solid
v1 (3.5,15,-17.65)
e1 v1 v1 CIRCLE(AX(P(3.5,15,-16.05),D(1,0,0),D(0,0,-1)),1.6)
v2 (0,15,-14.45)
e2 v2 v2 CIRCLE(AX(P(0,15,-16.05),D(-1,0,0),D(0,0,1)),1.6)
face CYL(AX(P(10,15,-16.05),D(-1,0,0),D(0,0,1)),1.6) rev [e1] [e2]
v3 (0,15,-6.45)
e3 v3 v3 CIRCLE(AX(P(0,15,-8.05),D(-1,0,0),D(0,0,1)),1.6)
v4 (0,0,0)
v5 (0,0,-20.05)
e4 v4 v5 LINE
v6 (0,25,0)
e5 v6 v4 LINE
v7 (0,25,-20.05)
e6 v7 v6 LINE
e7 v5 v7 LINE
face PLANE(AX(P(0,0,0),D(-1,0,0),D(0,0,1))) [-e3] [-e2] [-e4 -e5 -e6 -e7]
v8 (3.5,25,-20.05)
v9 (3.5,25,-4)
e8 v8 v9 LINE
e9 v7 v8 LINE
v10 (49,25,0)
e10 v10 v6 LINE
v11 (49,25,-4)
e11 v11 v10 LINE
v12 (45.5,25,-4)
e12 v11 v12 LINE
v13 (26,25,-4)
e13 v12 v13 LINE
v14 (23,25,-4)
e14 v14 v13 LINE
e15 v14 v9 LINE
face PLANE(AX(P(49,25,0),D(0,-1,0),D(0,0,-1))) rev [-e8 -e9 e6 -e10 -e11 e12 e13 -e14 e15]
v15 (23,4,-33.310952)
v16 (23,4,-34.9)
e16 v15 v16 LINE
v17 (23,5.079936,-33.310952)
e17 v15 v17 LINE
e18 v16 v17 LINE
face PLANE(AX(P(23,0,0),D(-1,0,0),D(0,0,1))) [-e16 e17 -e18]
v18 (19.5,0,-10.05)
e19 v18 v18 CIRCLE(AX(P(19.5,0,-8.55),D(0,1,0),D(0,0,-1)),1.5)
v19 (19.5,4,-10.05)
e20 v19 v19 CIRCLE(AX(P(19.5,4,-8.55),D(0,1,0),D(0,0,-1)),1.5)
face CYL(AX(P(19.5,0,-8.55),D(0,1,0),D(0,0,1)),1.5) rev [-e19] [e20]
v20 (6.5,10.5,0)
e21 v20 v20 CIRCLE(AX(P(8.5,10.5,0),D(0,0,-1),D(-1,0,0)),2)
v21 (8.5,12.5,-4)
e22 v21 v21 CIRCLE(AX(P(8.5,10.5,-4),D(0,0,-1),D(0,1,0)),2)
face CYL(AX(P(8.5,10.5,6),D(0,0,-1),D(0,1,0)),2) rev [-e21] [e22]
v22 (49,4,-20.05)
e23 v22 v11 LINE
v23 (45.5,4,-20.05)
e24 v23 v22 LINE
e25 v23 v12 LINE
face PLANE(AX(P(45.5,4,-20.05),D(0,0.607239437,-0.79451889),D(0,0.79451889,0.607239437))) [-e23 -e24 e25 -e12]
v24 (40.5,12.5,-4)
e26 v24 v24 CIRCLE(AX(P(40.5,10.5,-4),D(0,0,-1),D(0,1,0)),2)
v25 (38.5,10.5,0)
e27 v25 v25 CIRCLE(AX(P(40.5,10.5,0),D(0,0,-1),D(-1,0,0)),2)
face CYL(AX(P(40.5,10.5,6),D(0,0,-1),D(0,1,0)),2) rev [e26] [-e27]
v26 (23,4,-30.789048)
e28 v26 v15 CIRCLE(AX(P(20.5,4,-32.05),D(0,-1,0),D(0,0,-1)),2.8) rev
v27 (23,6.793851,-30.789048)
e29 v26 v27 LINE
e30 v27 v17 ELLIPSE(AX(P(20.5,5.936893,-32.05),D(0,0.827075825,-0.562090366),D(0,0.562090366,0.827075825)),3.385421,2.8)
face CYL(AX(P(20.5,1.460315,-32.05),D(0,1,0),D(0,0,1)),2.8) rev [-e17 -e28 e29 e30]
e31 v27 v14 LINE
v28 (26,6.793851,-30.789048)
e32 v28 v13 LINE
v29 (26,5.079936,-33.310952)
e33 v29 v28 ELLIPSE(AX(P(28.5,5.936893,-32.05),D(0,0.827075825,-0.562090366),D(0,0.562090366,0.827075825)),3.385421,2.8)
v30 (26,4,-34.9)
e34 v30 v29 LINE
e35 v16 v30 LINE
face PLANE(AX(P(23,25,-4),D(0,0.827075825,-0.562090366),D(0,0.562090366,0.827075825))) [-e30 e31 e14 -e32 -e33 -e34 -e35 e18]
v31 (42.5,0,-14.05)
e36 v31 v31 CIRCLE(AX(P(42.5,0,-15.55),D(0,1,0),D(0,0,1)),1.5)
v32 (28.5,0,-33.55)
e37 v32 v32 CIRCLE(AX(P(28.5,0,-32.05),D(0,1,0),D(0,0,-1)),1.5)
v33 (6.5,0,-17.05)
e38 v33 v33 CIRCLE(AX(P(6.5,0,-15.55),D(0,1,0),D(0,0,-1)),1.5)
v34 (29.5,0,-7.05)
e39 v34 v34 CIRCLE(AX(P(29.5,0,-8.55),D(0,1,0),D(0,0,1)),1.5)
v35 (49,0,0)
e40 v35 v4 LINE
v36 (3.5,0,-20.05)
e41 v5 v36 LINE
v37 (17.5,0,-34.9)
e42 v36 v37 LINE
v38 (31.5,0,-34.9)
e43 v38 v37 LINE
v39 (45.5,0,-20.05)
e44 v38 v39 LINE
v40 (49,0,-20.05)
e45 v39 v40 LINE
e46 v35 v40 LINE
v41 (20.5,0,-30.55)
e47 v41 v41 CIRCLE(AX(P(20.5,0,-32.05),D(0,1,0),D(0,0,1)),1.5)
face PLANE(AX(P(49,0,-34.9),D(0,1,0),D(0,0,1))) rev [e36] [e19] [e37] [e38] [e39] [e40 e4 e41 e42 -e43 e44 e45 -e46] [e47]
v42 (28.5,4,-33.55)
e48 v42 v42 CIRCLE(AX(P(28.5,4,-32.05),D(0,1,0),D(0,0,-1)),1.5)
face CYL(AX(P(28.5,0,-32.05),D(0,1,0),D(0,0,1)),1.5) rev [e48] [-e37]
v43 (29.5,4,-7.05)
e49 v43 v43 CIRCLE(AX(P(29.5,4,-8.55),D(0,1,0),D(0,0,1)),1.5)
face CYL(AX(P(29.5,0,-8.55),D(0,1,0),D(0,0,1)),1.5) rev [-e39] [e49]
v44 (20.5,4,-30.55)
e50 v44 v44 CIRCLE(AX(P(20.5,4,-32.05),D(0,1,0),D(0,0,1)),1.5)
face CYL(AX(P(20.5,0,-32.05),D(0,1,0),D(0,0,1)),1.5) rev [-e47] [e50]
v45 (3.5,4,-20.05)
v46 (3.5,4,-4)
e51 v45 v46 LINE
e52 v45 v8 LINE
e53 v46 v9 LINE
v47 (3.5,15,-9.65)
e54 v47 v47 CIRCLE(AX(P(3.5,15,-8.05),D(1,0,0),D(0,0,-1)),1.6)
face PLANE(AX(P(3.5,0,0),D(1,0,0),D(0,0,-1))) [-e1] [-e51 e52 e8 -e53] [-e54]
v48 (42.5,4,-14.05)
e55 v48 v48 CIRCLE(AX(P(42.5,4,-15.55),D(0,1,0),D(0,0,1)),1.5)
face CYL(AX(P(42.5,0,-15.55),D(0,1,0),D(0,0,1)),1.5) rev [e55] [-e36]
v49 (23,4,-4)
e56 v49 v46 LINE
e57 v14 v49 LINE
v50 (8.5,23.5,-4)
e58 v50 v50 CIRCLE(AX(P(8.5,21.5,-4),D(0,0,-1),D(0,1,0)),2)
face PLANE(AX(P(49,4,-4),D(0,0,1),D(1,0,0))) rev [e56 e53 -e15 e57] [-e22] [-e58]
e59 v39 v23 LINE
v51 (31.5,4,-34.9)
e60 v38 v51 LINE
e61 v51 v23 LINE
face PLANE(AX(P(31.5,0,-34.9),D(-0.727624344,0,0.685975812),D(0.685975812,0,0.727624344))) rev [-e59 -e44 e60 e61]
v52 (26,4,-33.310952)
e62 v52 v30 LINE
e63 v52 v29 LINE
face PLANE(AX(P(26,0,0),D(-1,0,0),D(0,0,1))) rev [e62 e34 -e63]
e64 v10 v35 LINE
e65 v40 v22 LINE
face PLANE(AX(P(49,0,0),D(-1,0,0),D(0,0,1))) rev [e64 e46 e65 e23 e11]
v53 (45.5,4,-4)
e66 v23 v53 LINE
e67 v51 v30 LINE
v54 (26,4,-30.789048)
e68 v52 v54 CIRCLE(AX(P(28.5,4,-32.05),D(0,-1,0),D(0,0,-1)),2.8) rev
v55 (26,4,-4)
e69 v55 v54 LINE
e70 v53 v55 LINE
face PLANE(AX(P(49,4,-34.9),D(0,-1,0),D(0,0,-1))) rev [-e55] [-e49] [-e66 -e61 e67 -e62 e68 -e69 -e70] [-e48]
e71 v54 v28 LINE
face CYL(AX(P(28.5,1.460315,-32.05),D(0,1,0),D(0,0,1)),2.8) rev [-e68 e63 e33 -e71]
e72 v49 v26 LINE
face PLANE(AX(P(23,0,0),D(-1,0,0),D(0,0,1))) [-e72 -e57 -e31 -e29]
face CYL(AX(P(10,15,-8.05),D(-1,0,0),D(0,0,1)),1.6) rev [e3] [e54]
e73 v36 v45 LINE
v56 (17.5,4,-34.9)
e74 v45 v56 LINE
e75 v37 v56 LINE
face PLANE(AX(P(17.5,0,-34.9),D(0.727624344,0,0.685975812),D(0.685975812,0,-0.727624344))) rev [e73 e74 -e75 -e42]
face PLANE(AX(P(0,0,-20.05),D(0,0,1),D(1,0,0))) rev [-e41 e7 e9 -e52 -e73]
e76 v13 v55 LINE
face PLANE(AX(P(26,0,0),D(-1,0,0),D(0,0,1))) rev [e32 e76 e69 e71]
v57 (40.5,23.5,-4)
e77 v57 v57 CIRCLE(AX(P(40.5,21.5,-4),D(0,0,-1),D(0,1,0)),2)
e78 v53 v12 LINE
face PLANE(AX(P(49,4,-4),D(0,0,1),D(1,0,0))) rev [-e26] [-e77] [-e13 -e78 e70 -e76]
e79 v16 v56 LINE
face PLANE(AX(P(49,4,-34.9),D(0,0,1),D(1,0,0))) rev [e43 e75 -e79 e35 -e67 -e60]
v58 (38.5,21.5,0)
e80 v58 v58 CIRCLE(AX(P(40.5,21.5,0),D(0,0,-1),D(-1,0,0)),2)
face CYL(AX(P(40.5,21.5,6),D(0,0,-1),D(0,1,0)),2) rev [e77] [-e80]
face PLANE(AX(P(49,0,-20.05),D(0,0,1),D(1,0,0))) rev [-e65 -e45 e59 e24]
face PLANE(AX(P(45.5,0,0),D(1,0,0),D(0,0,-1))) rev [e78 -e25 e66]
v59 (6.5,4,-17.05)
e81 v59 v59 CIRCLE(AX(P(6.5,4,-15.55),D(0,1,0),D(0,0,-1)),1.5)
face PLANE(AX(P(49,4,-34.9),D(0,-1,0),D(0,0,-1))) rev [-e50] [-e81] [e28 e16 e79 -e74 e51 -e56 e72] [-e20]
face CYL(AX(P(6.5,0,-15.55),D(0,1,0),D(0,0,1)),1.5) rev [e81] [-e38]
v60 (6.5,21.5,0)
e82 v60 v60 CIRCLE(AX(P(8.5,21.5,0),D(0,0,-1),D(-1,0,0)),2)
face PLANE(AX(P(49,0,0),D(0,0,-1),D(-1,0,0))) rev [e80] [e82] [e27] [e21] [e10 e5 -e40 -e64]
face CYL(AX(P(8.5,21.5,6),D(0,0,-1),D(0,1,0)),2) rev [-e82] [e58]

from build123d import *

# Parameters (mm, degrees)
EXTRUDE_1_DEPTH      = 49
SKETCH_3_R           = 1.5
CUT_EXTRUDE_1_DEPTH  = 64.718207759
EXTRUDE_3_DEPTH      = 3.5
EXTRUDE_4_DEPTH      = 3.5
EXTRUDE_5_DEPTH      = 1.5
EXTRUDE_5_DEPTH_BACK = 1.5
SKETCH_8_R           = 2
CUT_EXTRUDE_2_DEPTH  = 10
CUT_EXTRUDE_3_REACH  = 67.146
EXTRUDE_6_DEPTH      = 3.5
SKETCH_11_R          = 1.6
CUT_EXTRUDE_4_DEPTH  = 10


with BuildPart() as part:
    # 草图1 → 凸台-拉伸1 (new body)
    with BuildSketch(Plane(origin=(0, 0, 0), x_dir=(0, 0, -1), z_dir=(1, 0, 0))):
        Polygon((0, 0), (0, 25), (4, 25), (4, 4), (34.9, 4), (34.9, 0), align=None)
    extrude(amount=EXTRUDE_1_DEPTH)

    # 草图3 → 切除-拉伸1 (cut, through all)
    with BuildSketch(Plane(origin=(0, 4, 0), x_dir=(1, 0, 0), z_dir=(0, 1, 0))):
        with Locations(Location((20.5, 32.05, 0), (0, 0, 270))):
            Circle(SKETCH_3_R)
        with Locations(Location((28.5, 32.05, 0), (0, 0, 90))):
            Circle(SKETCH_3_R)
        with Locations(Location((42.5, 15.55, 0), (0, 0, 270))):
            Circle(SKETCH_3_R)
        with Locations(Location((6.5, 15.55, 0), (0, 0, 90))):
            Circle(SKETCH_3_R)
        with Locations(Location((29.5, 8.55, 0), (0, 0, 270))):
            Circle(SKETCH_3_R)
        with Locations(Location((19.5, 8.55, 0), (0, 0, 90))):
            Circle(SKETCH_3_R)
        Polygon((31.5, 34.9), (45.5, 20.05), (49, 20.05), (49, 34.9), align=None)
        Polygon((0, 20.05), (0, 34.9), (17.5, 34.9), (3.5, 20.05), align=None)
    extrude(amount=-CUT_EXTRUDE_1_DEPTH, mode=Mode.SUBTRACT)

    # 草图5 → 凸台-拉伸3 (add)
    with BuildSketch(Plane(origin=(49, 0, 0), x_dir=(0, 0, -1), z_dir=(1, 0, 0))):
        Polygon((20.05, 0), (20.05, 4), (4, 25), (0, 25), (0, 0), align=None)
    extrude(amount=-EXTRUDE_3_DEPTH)

    # 草图6 → 凸台-拉伸4 (add)
    with BuildSketch(Plane.ZY):
        Polygon((-4, 25), (0, 25), (0, 0), (-20.05, 0), (-20.05, 4), align=None)
    extrude(amount=-EXTRUDE_4_DEPTH)

    # 草图7 → 凸台-拉伸5 (add, two sides: drawn at the far end of the back side and taken through both)
    with BuildSketch(Plane(origin=(24.5, 0, 0), x_dir=(0, 0, -1), z_dir=(1, 0, 0)).offset(-EXTRUDE_5_DEPTH_BACK)):
        Polygon((34.9, 4), (34.9, 0), (0, 0), (0, 25), (4, 25), align=None)
    extrude(amount=EXTRUDE_5_DEPTH + EXTRUDE_5_DEPTH_BACK)

    # 草图8 → 切除-拉伸2 (cut)
    with BuildSketch(Plane(origin=(0, 0, -4), x_dir=(-1, 0, 0), z_dir=(0, 0, -1))):
        with Locations(Location((-8.5, 21.5, 0), (0, 0, 90))):
            Circle(SKETCH_8_R)
        with Locations(Location((-8.5, 10.5, 0), (0, 0, 90))):
            Circle(SKETCH_8_R)
        with Locations(Location((-40.5, 10.5, 0), (0, 0, 90))):
            Circle(SKETCH_8_R)
        with Locations(Location((-40.5, 21.5, 0), (0, 0, 90))):
            Circle(SKETCH_8_R)
    extrude(amount=-CUT_EXTRUDE_2_DEPTH, mode=Mode.SUBTRACT)

    # 切除-拉伸3: up to this face of the body (flat: up to its plane)
    cut_extrude_3_end = Plane(part.part.faces().sort_by_distance((34.743076347, 4, -17.196256648))[0])
    # 草图9 → 切除-拉伸3 (cut, up to the picked face)
    with BuildSketch(Plane(origin=(0, 25, 0), x_dir=(1, 0, 0), z_dir=(0, 1, 0)), mode=Mode.PRIVATE) as cut_extrude_3_sk1:
        with BuildLine():
            Line((26, 33.310952021), (26, 30.789047979))
            ThreePointArc((26, 30.789047979), (25.7, 32.05), (26, 33.310952021))
        make_face()
    cut_extrude_3_tool1 = split(extrude(cut_extrude_3_sk1.sketch, amount=-CUT_EXTRUDE_3_REACH, mode=Mode.PRIVATE), bisect_by=cut_extrude_3_end, keep=Keep.BOTH, mode=Mode.PRIVATE)
    # 草图9 → 切除-拉伸3 (cut, up to the picked face)
    with BuildSketch(Plane(origin=(0, 25, 0), x_dir=(1, 0, 0), z_dir=(0, 1, 0)), mode=Mode.PRIVATE) as cut_extrude_3_sk2:
        with BuildLine():
            Line((23, 33.310952021), (23, 30.789047979))
            ThreePointArc((23, 30.789047979), (23.3, 32.05), (23, 33.310952021))
        make_face()
    cut_extrude_3_tool2 = split(extrude(cut_extrude_3_sk2.sketch, amount=-CUT_EXTRUDE_3_REACH, mode=Mode.PRIVATE), bisect_by=cut_extrude_3_end, keep=Keep.BOTH, mode=Mode.PRIVATE)
    add(cut_extrude_3_tool1.solids().sort_by(Axis((25.879431, 25, -32.05), (0, -1, 0)))[0], mode=Mode.SUBTRACT)
    add(cut_extrude_3_tool2.solids().sort_by(Axis((23.120569, 25, -32.05), (0, -1, 0)))[0], mode=Mode.SUBTRACT)

    # 草图10 → 凸台-拉伸6 (add)
    with BuildSketch(Plane(origin=(3.5, 0, 0), x_dir=(0, 0, -1), z_dir=(1, 0, 0))):
        Polygon((20.05, 4), (4, 25), (20.05, 25), align=None)
    extrude(amount=-EXTRUDE_6_DEPTH)

    # 草图11 → 切除-拉伸4 (cut)
    with BuildSketch(Plane.ZY):
        with Locations((-8.05, 15)):
            Circle(SKETCH_11_R)
        with Locations((-16.05, 15)):
            Circle(SKETCH_11_R)
    extrude(amount=-CUT_EXTRUDE_4_DEPTH, mode=Mode.SUBTRACT)


solid = part.part
